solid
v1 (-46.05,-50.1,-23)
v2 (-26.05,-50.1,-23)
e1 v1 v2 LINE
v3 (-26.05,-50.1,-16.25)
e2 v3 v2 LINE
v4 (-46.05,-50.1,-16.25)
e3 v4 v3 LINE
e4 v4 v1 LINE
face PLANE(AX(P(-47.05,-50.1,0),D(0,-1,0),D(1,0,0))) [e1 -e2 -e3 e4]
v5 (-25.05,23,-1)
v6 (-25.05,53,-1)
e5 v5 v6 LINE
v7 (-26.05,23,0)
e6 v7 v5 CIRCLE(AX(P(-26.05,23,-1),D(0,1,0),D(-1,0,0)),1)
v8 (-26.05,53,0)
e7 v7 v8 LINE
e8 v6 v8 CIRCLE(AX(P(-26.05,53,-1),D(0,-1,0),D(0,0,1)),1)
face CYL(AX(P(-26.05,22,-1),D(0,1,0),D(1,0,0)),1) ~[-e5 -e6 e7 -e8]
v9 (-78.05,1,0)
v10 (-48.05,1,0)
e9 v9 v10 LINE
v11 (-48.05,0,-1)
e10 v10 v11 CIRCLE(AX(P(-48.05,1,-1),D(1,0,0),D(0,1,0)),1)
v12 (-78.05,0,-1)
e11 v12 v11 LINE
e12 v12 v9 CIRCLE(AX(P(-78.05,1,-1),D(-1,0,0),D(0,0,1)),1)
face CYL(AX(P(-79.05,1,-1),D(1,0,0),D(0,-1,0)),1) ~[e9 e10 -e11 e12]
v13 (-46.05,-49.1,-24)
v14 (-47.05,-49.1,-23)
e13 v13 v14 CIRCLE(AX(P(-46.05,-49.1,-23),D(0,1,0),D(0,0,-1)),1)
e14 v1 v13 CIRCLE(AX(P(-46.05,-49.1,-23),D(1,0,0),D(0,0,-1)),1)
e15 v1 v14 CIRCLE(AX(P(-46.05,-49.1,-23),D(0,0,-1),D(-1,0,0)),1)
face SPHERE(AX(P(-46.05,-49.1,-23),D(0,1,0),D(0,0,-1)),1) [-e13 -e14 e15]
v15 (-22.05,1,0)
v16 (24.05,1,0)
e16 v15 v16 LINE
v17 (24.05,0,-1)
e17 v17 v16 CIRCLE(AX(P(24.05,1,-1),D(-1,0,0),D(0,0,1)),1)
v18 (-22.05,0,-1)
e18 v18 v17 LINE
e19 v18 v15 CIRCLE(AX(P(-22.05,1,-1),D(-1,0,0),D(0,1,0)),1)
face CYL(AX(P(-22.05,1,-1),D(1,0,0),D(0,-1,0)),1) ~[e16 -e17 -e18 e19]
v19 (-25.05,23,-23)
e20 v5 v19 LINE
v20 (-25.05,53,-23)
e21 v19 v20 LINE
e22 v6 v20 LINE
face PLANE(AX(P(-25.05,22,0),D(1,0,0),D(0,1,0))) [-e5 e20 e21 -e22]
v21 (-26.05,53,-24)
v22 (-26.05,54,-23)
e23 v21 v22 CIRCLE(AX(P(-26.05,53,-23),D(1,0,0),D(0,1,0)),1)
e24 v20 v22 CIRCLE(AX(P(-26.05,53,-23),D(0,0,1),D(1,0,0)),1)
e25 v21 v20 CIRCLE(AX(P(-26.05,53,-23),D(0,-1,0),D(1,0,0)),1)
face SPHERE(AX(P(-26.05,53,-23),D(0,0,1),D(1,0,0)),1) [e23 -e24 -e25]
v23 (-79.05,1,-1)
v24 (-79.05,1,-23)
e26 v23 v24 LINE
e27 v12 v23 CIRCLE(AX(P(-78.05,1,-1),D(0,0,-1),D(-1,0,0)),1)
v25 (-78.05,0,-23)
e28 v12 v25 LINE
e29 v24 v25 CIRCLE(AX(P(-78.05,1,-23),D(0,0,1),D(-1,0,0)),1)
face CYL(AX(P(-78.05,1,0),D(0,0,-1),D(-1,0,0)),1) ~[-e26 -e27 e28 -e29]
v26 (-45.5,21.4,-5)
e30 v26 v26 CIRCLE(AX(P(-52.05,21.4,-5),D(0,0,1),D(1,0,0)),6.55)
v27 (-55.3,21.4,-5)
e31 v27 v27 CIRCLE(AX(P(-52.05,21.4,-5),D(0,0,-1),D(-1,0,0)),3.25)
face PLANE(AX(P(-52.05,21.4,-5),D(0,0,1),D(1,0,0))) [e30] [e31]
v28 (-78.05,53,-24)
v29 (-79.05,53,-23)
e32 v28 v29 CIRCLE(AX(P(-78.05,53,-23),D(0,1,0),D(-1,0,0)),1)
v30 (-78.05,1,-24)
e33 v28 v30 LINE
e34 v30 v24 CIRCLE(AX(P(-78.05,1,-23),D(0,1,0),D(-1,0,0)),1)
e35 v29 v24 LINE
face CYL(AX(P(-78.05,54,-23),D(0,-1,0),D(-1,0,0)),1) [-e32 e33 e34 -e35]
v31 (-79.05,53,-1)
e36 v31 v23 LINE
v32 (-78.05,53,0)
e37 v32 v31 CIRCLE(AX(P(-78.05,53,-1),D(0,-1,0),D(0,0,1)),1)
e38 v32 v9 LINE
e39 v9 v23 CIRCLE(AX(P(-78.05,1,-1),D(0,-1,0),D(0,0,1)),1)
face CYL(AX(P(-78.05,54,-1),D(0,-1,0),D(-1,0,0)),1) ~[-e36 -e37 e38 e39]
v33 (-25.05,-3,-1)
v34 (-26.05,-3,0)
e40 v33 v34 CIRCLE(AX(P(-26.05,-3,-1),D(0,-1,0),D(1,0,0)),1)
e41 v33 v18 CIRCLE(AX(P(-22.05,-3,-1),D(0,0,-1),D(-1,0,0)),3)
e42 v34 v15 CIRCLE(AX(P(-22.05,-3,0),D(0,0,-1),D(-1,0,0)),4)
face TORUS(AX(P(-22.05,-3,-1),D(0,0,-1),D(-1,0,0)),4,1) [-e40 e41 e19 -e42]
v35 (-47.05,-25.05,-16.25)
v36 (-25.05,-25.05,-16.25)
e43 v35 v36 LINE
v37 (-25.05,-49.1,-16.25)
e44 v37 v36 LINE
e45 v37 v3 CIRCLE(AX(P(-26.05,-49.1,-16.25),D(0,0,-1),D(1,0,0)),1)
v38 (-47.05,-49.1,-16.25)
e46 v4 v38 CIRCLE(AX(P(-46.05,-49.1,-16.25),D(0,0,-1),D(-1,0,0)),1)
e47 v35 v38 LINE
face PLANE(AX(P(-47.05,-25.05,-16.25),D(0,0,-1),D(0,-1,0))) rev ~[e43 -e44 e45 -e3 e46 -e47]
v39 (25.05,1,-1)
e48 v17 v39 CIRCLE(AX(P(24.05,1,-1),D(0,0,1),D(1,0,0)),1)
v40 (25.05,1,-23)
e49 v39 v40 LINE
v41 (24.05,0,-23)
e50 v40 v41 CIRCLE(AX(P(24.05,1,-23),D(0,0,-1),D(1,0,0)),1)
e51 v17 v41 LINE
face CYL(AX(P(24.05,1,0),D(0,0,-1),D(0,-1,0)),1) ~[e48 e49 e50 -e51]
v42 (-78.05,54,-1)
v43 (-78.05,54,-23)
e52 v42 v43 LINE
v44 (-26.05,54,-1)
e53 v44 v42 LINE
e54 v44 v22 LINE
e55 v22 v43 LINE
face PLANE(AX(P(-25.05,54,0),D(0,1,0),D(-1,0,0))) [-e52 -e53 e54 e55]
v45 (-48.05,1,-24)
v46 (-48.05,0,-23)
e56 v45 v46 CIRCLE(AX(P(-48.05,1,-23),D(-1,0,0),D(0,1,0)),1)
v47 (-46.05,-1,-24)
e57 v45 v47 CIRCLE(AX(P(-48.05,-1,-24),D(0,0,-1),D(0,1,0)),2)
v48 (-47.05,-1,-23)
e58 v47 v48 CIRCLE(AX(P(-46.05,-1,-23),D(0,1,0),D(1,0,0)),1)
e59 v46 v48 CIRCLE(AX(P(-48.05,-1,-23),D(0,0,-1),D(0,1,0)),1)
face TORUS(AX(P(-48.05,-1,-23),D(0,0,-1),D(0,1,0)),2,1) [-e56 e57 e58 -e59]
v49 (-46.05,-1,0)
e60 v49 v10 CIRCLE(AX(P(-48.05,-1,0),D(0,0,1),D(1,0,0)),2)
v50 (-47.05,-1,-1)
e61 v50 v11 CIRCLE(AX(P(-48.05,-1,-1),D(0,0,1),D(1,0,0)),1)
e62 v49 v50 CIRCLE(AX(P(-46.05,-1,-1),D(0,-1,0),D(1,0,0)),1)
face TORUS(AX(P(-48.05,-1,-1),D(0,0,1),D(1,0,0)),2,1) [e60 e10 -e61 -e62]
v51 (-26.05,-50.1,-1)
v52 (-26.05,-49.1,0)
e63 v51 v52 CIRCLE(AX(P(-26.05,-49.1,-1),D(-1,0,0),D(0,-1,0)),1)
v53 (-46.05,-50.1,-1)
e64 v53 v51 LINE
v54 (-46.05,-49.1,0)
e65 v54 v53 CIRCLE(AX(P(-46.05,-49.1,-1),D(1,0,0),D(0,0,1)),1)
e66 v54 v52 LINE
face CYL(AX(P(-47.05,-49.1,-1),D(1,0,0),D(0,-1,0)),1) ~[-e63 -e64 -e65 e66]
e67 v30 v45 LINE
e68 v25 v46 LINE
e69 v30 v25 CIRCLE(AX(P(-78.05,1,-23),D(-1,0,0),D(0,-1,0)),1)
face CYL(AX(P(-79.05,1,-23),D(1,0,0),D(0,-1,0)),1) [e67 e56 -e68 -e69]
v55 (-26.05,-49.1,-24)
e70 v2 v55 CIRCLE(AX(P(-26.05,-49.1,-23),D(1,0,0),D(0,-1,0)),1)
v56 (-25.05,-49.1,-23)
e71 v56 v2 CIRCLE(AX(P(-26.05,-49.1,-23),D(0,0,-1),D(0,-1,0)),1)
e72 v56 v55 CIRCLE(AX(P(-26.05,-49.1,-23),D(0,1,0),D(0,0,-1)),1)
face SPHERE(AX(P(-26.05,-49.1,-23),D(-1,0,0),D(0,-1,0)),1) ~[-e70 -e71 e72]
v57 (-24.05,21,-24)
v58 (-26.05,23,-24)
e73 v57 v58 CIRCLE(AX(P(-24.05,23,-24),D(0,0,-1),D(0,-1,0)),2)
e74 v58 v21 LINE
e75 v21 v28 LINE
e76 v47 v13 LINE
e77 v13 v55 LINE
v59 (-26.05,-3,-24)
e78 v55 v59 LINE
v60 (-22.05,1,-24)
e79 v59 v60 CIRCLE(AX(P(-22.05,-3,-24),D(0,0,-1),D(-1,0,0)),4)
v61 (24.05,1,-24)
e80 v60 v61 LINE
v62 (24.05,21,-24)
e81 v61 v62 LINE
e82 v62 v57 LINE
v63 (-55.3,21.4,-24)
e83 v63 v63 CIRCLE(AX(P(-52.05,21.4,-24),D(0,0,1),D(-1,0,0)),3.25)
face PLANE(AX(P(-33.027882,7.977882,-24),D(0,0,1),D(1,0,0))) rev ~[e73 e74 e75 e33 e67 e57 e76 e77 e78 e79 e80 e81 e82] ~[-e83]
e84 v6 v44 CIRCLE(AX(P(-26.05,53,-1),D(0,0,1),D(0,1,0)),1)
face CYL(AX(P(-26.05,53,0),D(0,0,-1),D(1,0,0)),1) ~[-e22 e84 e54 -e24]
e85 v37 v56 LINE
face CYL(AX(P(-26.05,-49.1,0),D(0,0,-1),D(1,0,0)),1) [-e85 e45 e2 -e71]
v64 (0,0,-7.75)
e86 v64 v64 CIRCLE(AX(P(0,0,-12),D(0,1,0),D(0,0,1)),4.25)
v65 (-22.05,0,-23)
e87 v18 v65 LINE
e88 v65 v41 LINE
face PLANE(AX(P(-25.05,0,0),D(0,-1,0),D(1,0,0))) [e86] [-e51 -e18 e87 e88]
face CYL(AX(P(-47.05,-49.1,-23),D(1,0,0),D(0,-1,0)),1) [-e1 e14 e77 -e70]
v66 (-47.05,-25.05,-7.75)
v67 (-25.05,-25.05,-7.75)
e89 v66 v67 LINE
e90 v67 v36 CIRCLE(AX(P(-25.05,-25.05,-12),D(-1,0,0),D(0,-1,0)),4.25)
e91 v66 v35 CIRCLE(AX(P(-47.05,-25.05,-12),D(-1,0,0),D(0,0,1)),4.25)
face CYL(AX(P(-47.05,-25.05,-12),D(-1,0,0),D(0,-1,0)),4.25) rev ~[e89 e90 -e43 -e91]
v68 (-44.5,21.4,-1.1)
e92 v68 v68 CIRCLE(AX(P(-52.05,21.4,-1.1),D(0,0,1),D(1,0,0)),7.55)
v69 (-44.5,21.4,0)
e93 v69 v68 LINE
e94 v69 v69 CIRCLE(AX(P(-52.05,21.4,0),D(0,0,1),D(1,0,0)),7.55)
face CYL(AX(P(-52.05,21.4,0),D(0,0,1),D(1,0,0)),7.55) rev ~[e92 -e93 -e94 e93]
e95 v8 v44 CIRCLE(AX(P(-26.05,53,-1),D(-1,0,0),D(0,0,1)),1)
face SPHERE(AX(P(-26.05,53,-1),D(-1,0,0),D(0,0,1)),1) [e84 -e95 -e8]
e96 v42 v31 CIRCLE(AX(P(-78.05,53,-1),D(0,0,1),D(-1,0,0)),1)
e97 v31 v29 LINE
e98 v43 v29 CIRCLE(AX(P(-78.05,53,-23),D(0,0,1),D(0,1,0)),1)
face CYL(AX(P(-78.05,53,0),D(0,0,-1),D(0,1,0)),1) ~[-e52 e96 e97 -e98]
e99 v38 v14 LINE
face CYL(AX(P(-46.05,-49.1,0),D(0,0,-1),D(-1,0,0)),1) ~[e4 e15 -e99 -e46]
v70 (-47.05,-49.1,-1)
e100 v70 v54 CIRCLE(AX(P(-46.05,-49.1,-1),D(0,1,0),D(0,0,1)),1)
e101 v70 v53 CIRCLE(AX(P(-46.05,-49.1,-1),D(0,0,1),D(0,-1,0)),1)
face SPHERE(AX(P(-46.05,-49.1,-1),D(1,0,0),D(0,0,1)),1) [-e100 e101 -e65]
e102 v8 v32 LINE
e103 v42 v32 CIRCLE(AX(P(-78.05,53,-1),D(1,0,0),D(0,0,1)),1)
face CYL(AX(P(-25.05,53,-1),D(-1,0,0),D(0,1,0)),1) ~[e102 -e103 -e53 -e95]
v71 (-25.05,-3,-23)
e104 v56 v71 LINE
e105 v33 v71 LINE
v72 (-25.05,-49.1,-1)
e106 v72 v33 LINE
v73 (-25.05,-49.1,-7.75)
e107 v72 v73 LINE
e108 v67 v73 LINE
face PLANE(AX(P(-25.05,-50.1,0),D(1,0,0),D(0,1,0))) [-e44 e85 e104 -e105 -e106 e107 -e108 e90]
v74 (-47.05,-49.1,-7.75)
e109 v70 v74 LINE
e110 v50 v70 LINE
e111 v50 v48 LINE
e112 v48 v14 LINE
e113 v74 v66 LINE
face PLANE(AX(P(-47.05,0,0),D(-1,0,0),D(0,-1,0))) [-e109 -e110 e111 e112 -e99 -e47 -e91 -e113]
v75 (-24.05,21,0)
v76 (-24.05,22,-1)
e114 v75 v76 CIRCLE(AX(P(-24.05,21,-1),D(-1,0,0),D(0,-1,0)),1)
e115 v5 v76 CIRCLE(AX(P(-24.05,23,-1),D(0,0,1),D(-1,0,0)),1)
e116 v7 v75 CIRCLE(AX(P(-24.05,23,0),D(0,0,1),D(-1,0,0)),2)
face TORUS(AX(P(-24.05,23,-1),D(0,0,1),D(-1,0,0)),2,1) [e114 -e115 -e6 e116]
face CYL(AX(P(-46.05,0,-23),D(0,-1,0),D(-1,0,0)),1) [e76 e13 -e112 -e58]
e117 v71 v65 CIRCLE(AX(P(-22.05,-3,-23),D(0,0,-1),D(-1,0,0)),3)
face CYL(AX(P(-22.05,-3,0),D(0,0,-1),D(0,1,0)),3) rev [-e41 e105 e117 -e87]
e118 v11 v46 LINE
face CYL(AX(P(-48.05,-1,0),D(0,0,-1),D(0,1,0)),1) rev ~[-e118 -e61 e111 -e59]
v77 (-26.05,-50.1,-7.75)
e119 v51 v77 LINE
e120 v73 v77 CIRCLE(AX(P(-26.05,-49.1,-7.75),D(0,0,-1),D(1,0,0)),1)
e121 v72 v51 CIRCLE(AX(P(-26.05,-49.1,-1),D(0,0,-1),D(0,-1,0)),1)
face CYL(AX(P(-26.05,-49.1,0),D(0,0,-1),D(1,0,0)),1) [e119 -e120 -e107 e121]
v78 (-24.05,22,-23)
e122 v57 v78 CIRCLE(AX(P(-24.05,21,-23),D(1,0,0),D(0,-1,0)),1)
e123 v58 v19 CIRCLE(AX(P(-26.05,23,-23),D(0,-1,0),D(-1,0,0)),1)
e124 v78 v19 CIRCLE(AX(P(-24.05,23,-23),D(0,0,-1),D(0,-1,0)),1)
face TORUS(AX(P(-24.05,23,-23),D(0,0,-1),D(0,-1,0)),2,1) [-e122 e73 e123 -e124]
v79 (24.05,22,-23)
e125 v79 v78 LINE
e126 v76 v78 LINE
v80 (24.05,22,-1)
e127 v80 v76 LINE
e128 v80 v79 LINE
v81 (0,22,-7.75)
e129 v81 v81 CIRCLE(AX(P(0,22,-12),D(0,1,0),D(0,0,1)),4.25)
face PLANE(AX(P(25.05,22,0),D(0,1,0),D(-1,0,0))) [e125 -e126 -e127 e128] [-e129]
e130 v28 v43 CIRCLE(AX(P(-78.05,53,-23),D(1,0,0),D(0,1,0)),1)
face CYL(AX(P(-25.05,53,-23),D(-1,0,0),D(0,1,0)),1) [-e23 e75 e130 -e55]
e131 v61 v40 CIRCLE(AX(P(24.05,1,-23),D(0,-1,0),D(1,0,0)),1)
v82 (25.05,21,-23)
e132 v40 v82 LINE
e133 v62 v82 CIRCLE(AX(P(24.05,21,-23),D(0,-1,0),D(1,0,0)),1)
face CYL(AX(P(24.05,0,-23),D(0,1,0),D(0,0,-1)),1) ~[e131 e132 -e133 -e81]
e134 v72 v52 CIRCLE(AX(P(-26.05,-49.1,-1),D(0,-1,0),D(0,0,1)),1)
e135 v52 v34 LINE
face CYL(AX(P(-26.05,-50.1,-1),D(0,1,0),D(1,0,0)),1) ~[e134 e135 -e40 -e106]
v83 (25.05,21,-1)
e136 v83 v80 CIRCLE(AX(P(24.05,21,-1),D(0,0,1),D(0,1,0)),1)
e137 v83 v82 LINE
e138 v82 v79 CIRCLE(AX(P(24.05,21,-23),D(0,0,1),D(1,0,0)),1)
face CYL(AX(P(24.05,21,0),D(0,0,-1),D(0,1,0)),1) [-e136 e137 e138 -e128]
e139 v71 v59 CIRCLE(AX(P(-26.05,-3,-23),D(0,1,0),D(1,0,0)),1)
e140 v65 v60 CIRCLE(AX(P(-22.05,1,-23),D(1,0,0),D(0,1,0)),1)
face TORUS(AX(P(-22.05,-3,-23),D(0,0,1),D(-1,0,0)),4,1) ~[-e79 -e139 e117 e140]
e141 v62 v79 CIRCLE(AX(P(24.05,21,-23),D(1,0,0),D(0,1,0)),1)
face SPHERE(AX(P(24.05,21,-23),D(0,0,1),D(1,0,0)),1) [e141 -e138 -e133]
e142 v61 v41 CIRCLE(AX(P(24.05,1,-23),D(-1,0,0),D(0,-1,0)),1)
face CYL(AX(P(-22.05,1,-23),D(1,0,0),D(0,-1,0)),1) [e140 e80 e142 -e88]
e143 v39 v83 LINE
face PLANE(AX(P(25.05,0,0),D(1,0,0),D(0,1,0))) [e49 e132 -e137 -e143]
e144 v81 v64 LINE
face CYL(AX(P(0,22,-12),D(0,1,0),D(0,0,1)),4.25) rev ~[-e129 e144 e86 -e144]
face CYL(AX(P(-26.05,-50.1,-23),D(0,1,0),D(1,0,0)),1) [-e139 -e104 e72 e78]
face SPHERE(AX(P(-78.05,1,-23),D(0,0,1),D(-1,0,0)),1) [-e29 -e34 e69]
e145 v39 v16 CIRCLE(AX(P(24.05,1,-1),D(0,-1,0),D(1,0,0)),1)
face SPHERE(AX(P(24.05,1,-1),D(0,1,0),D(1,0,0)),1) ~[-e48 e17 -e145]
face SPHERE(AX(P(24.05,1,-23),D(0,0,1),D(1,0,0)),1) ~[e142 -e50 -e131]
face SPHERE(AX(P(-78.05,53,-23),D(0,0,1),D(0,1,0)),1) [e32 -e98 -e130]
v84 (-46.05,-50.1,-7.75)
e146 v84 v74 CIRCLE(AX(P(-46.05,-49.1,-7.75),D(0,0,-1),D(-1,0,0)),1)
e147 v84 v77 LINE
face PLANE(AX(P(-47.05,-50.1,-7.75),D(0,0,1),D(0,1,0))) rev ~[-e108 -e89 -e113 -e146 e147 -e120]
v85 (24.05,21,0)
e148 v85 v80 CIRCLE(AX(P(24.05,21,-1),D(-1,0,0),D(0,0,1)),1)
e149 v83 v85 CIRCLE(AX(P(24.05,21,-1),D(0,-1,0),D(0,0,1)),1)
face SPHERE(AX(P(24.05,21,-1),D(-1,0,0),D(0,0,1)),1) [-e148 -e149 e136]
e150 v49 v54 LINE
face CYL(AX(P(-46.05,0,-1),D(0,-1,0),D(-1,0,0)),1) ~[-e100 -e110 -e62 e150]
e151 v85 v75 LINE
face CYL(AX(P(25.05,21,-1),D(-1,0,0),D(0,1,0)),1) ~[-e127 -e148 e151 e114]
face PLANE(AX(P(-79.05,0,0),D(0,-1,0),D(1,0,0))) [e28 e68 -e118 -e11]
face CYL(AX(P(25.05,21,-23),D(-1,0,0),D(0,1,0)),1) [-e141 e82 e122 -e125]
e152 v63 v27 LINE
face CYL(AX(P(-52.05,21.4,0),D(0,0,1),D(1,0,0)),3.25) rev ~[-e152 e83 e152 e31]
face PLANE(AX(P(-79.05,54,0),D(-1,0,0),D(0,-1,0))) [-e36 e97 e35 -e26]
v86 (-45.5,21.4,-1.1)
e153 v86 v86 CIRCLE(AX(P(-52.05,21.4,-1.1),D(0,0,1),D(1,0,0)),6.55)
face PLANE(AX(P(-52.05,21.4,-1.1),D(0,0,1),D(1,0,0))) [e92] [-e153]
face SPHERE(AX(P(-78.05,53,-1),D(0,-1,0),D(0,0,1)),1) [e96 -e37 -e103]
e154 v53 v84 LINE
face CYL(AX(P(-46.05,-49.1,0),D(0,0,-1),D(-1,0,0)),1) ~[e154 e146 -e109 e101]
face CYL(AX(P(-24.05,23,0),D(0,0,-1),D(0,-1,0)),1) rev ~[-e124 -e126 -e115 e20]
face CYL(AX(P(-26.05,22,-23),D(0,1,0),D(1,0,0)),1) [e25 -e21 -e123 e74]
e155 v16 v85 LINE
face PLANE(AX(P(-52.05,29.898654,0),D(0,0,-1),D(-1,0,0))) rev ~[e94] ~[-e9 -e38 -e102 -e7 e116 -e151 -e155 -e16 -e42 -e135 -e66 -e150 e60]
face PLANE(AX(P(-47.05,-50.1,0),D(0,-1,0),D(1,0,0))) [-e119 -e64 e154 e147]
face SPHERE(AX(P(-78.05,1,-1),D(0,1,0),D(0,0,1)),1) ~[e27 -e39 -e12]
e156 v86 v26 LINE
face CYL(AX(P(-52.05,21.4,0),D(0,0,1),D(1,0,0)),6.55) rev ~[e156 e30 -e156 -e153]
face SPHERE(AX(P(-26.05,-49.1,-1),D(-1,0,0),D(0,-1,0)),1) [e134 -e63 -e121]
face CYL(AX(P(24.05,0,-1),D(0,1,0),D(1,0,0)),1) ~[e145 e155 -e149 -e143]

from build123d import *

# Parameters (mm, degrees)
BOSS_EXTRU_1_DEPTH       = 24
CONG_1_R                 = 3
ESQUISSE2_R              = 4.25
ENL_V_MAT_EXTRU_1_DEPTH  = 110.65086639
ESQUISSE3_R              = 4.25
ENL_V_MAT_EXTRU_2_DEPTH  = 94.22236856
ESQUISSE4_R              = 3.25
ENL_V_MAT_EXTRU_3_DEPTH  = 1.5
ESQUISSE4_2_R            = 3.25
ENL_V_MAT_EXTRU_4_DEPTH  = 99.696010558
CONG_2_R                 = 1
ESQUISSE7_R              = 3.25
BOSS_EXTRU_2_DEPTH       = 3
ESQUISSE8_R              = 7.55
ENL_V_MAT_EXTRU_7_DEPTH  = 1.1
ESQUISSE9_R              = 6.55
ENL_V_MAT_EXTRU_8_DEPTH  = 5
ENL_V_MAT_EXTRU_13_DEPTH = 94.22236856


with BuildPart() as part:
    # Esquisse1 → Boss.-Extru.1 (new body)
    with BuildSketch(Plane.XY):
        Polygon((-25.05, -50.1), (-25.05, 0), (25.05, 0), (25.05, 22), (-25.05, 22), (-25.05, 54), (-79.05, 54), (-79.05, 0), (-47.05, 0), (-47.05, -50.1), align=None)
    extrude(amount=-BOSS_EXTRU_1_DEPTH)

    # Congé1
    cong_1_edges = [part.edges().sort_by_distance(p)[0] for p in [
        (-25.05, 0, -12),
    ]]
    fillet(cong_1_edges, radius=CONG_1_R)

    # Esquisse2 → Enlèv. mat.-Extru.1 (cut, through all)
    with BuildSketch(Plane(origin=(0, 22, 0), x_dir=(1, 0, 0), z_dir=(0, 1, 0))):
        with Locations((0, 12)):
            Circle(ESQUISSE2_R)
    extrude(amount=-ENL_V_MAT_EXTRU_1_DEPTH, mode=Mode.SUBTRACT)

    # Esquisse3 → Enlèv. mat.-Extru.2 (cut, through all)
    with BuildSketch(Plane.ZY.offset(47.05)):
        with Locations((-12, -25.05)):
            Circle(ESQUISSE3_R)
    extrude(amount=-ENL_V_MAT_EXTRU_2_DEPTH, mode=Mode.SUBTRACT)

    # Esquisse4 → Enlèv. mat.-Extru.3 (cut)
    with BuildSketch(Plane.XY):
        with BuildLine():
            Line((-67.05, 47.6), (-67.05, 21.4))
            ThreePointArc((-67.05, 21.4), (-52.05, 6.4), (-37.05, 21.4))
            Line((-37.05, 21.4), (-37.05, 47.6))
            Line((-37.05, 47.6), (-67.05, 47.6))
        make_face()
        with Locations((-52.05, 21.4)):
            Circle(ESQUISSE4_R, mode=Mode.SUBTRACT)
    extrude(amount=-ENL_V_MAT_EXTRU_3_DEPTH, mode=Mode.SUBTRACT)

    # Esquisse4<2> → Enlèv. mat.-Extru.4 (cut, through all)
    with BuildSketch(Plane.XY):
        with Locations((-52.05, 21.4)):
            Circle(ESQUISSE4_2_R)
    extrude(amount=-ENL_V_MAT_EXTRU_4_DEPTH, mode=Mode.SUBTRACT)

    # Congé2
    cong_2_edges = [part.edges().sort_by_distance(p)[0] for p in [
        (-63.05, 0, -24),
        (-63.05, 0, 0),
        (0, 22, -24),
        (0, 22, 0),
        (-25.05, -26.55, 0),
        (-24.171320344, -0.878679656, 0),
        (-25.05, -26.55, -24),
        (-24.171320344, -0.878679656, -24),
        (-25.05, -50.1, -12),
        (-36.05, -50.1, -24),
        (-36.05, -50.1, 0),
        (-47.05, -50.1, -12),
        (-47.05, -25.05, -24),
        (-47.05, 0, -12),
        (-47.05, -25.05, 0),
        (25.05, 22, -12),
        (25.05, 11, -24),
        (25.05, 0, -12),
        (25.05, 11, 0),
        (-25.05, 38, -24),
        (-25.05, 22, -12),
        (-25.05, 38, 0),
        (-79.05, 0, -12),
        (-79.05, 27, -24),
        (-79.05, 27, 0),
        (-79.05, 54, -12),
        (-52.05, 54, -24),
        (-25.05, 54, -12),
        (-52.05, 54, 0),
        (1.5, 0, 0),
        (1.5, 0, -24),
    ]]
    fillet(cong_2_edges, radius=CONG_2_R)

    # Esquisse7 → Boss.-Extru.2 (add)
    with BuildSketch(Plane.XY):
        with BuildLine():
            Line((-37.05, 21.4), (-37.05, 47.6))
            Line((-37.05, 47.6), (-67.05, 47.6))
            Line((-67.05, 47.6), (-67.05, 21.4))
            ThreePointArc((-67.05, 21.4), (-52.05, 6.4), (-37.05, 21.4))
        make_face()
        with Locations((-52.05, 21.4)):
            Circle(ESQUISSE7_R, mode=Mode.SUBTRACT)
    extrude(amount=-BOSS_EXTRU_2_DEPTH)

    # Esquisse8 → Enlèv. mat.-Extru.7 (cut)
    with BuildSketch(Plane.XY):
        with Locations((-52.05, 21.4)):
            Circle(ESQUISSE8_R)
    extrude(amount=-ENL_V_MAT_EXTRU_7_DEPTH, mode=Mode.SUBTRACT)

    # Esquisse9 → Enlèv. mat.-Extru.8 (cut)
    with BuildSketch(Plane.XY):
        with Locations((-52.05, 21.4)):
            Circle(ESQUISSE9_R)
    extrude(amount=-ENL_V_MAT_EXTRU_8_DEPTH, mode=Mode.SUBTRACT)

    # Esquisse14 → Enlèv. mat.-Extru.13 (cut, through all)
    with BuildSketch(Plane.ZY.offset(47.05)):
        with BuildLine():
            Line((-16.25, -25.05), (-16.25, -50.1))
            Line((-16.25, -50.1), (-7.75, -50.1))
            Line((-7.75, -50.1), (-7.75, -25.05))
            ThreePointArc((-7.75, -25.05), (-12, -20.8), (-16.25, -25.05))
        make_face()
    extrude(amount=-ENL_V_MAT_EXTRU_13_DEPTH, mode=Mode.SUBTRACT)


solid = part.part
